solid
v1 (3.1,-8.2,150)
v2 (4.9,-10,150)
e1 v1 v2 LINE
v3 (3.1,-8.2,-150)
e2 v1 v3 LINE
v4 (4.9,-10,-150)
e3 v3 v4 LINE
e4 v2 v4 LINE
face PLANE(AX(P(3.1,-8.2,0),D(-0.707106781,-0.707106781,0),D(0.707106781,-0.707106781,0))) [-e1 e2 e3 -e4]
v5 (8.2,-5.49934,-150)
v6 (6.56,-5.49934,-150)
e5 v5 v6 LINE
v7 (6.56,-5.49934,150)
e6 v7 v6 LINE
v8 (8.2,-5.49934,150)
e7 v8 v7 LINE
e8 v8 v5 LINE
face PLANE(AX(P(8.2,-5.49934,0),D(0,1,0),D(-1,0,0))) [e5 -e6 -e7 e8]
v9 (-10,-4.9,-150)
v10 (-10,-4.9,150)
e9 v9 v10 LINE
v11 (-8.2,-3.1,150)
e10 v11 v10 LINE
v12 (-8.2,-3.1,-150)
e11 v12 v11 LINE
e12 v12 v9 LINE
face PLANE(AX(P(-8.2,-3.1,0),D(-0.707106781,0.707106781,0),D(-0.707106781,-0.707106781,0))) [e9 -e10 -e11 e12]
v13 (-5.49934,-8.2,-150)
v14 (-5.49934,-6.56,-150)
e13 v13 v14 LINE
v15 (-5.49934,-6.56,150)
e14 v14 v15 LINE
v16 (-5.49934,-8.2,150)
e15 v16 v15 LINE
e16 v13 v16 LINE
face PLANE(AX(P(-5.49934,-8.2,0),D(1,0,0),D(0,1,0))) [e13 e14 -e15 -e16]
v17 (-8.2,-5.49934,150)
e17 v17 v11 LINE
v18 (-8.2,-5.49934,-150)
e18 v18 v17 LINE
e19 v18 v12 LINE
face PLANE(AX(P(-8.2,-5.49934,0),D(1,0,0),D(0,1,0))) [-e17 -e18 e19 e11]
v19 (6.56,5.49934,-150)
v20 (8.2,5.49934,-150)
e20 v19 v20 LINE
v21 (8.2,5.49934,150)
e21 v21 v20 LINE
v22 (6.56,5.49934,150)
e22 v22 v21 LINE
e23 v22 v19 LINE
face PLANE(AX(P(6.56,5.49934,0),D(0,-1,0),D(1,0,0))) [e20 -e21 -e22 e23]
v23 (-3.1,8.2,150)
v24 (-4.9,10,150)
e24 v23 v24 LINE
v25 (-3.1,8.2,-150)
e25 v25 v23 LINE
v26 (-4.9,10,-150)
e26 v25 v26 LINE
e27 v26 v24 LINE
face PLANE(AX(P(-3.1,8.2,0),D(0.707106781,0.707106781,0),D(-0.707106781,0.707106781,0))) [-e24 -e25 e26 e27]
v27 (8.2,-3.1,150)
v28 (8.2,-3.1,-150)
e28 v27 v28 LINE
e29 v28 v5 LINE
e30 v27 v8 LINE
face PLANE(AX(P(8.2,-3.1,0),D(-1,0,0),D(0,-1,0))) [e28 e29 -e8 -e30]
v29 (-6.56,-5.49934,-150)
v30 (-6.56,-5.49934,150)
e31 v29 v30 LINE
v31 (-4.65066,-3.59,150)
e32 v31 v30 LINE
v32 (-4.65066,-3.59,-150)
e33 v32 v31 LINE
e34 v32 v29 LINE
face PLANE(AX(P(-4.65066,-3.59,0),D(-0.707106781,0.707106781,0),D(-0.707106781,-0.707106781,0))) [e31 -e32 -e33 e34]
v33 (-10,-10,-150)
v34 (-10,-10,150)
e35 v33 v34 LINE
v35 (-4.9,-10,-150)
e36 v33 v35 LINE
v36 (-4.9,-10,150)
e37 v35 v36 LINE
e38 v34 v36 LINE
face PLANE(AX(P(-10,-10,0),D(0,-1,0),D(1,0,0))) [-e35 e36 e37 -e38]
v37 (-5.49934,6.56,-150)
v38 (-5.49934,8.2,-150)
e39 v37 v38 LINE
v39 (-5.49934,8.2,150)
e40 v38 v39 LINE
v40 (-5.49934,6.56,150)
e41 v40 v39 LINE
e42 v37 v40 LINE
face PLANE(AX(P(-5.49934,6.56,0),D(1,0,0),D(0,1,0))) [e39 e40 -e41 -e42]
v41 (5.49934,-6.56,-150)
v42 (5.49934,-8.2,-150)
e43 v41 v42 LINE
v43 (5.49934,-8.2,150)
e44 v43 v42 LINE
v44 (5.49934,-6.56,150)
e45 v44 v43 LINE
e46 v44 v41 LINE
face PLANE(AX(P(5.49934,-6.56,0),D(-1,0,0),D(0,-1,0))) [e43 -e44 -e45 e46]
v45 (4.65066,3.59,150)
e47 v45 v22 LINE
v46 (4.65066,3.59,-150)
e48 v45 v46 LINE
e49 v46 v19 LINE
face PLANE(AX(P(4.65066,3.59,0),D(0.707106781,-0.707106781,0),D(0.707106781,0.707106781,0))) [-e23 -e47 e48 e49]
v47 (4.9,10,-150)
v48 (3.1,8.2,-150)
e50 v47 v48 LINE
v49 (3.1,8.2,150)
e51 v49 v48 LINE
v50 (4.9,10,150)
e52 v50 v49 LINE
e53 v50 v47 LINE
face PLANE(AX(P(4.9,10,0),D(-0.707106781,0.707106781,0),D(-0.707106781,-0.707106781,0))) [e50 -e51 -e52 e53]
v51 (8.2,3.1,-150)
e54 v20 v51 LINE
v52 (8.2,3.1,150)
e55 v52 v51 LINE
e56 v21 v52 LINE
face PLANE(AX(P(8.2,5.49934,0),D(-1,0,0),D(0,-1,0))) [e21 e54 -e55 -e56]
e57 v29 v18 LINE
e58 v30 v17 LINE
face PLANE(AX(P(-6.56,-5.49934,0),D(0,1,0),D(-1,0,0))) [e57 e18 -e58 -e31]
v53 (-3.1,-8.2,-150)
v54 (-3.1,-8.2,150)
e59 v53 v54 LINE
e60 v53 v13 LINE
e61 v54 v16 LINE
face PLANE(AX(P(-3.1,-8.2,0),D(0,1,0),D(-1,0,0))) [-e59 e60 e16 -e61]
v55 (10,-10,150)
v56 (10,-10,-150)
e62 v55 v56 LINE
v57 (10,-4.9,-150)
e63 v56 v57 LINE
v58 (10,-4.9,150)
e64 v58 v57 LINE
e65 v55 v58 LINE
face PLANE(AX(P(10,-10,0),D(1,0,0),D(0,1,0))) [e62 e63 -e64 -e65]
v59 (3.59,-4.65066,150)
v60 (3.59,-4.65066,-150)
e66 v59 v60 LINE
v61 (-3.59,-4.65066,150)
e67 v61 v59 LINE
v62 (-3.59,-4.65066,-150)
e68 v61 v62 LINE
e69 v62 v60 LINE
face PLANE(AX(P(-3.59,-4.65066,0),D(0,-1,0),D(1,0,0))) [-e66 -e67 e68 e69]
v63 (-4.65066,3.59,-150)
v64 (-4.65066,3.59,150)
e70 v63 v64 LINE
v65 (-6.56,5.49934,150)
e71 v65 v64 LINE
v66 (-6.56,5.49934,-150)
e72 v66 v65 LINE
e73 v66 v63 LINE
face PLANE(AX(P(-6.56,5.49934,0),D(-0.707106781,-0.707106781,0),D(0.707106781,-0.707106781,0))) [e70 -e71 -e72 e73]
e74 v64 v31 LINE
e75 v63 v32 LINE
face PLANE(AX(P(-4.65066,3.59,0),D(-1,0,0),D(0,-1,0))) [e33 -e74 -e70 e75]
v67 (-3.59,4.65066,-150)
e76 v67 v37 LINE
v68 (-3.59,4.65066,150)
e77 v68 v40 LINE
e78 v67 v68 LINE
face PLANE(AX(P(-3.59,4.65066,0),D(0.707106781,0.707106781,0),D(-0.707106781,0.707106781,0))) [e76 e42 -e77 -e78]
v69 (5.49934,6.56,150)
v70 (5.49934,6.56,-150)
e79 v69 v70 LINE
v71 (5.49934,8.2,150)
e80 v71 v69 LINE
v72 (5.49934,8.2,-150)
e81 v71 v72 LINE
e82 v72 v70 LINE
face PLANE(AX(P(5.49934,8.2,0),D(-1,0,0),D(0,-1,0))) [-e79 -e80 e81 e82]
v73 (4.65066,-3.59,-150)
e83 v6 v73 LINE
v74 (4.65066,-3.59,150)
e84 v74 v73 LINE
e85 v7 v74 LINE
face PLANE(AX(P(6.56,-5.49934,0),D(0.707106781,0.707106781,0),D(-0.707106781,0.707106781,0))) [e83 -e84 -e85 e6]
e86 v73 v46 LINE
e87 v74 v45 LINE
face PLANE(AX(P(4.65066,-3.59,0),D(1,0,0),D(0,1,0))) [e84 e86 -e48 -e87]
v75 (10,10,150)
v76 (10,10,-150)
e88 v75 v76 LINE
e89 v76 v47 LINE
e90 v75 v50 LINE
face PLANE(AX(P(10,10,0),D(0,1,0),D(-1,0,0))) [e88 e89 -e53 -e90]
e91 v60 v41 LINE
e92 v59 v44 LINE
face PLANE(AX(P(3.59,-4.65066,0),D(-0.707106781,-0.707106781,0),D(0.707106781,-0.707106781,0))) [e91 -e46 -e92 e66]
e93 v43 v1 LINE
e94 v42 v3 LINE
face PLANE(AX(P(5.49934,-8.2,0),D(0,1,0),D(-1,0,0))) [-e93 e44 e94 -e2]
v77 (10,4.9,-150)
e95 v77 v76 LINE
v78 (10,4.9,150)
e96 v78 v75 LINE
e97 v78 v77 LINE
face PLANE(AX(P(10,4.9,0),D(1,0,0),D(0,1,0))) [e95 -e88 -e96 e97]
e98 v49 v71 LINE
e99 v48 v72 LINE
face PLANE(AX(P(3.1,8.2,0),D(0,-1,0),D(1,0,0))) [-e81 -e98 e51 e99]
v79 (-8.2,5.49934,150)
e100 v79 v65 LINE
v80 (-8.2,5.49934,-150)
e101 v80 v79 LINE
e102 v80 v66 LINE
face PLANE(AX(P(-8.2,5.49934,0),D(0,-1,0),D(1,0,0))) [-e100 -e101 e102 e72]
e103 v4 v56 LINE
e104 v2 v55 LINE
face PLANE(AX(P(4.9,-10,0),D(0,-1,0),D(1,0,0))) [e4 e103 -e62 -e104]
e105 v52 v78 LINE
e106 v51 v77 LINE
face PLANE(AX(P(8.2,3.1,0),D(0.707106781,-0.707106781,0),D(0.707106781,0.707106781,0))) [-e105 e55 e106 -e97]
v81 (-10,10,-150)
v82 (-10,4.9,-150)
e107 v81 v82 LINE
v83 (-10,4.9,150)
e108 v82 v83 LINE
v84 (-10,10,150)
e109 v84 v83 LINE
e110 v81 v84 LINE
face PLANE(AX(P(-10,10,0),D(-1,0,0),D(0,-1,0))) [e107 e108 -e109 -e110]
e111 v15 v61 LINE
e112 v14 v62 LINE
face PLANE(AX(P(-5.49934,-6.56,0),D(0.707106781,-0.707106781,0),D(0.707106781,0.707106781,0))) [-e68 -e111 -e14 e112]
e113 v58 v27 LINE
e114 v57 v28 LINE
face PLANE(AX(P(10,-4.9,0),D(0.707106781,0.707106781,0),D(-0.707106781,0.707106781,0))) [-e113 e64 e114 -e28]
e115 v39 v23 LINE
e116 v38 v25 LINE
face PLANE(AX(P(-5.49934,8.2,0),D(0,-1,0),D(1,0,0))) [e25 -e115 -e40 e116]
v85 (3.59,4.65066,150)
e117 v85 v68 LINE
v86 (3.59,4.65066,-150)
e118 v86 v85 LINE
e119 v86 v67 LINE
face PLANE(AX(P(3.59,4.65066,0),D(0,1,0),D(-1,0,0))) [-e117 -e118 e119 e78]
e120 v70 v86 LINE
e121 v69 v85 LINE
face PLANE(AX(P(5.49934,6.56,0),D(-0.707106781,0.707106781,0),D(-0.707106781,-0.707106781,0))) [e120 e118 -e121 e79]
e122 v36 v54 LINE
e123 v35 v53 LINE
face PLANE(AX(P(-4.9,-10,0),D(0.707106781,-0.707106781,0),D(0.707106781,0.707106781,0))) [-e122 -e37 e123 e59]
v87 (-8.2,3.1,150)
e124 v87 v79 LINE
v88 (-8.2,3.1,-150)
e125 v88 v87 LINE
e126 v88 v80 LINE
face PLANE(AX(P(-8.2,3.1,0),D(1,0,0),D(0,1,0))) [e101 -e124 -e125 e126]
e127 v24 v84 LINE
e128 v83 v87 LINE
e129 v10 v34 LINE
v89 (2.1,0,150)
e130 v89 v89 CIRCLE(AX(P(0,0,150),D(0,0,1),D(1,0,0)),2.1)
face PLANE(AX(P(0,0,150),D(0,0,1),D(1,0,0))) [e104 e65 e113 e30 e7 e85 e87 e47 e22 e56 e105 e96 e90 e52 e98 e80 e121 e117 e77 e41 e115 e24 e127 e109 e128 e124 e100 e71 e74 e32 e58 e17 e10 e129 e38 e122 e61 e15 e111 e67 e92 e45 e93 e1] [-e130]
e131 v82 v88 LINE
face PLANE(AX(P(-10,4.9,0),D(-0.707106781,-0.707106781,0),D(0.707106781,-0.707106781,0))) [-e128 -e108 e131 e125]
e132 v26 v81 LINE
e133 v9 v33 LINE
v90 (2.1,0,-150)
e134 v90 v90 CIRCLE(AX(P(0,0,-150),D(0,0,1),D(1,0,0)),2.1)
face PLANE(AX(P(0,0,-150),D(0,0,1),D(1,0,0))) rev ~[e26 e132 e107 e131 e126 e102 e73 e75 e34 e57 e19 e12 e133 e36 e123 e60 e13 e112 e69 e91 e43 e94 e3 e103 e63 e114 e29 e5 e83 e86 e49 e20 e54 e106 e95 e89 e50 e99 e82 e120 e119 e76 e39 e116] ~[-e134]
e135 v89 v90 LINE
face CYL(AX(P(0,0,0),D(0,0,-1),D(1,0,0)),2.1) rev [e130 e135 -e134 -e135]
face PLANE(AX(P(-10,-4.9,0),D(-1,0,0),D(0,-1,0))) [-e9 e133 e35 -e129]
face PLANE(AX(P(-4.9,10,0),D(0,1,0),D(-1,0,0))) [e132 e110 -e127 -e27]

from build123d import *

# Parameters (mm, degrees)
SKETCH1_R           = 2.1
BOSS_EXTRUDE1_DEPTH = 150


with BuildPart() as part:
    # Sketch1 → Boss-Extrude1 (new body, symmetric)
    with BuildSketch(Plane.XY):
        Polygon((5.499339828, 6.56), (3.59, 4.650660172), (-3.59, 4.650660172), (-5.499339828, 6.56), (-5.499339828, 8.2), (-3.1, 8.2), (-4.9, 10), (-10, 10), (-10, 4.9), (-8.2, 3.1), (-8.2, 5.499339828), (-6.56, 5.499339828), (-4.650660172, 3.59), (-4.650660172, -3.59), (-6.56, -5.499339828), (-8.2, -5.499339828), (-8.2, -3.1), (-10, -4.9), (-10, -10), (-4.9, -10), (-3.1, -8.2), (-5.499339828, -8.2), (-5.499339828, -6.56), (-3.59, -4.650660172), (3.59, -4.650660172), (5.499339828, -6.56), (5.499339828, -8.2), (3.1, -8.2), (4.9, -10), (10, -10), (10, -4.9), (8.2, -3.1), (8.2, -5.499339828), (6.56, -5.499339828), (4.650660172, -3.59), (4.650660172, 3.59), (6.56, 5.499339828), (8.2, 5.499339828), (8.2, 3.1), (10, 4.9), (10, 10), (4.9, 10), (3.1, 8.2), (5.499339828, 8.2), align=None)
        Circle(SKETCH1_R, mode=Mode.SUBTRACT)
    extrude(amount=BOSS_EXTRUDE1_DEPTH, both=True)


solid = part.part
